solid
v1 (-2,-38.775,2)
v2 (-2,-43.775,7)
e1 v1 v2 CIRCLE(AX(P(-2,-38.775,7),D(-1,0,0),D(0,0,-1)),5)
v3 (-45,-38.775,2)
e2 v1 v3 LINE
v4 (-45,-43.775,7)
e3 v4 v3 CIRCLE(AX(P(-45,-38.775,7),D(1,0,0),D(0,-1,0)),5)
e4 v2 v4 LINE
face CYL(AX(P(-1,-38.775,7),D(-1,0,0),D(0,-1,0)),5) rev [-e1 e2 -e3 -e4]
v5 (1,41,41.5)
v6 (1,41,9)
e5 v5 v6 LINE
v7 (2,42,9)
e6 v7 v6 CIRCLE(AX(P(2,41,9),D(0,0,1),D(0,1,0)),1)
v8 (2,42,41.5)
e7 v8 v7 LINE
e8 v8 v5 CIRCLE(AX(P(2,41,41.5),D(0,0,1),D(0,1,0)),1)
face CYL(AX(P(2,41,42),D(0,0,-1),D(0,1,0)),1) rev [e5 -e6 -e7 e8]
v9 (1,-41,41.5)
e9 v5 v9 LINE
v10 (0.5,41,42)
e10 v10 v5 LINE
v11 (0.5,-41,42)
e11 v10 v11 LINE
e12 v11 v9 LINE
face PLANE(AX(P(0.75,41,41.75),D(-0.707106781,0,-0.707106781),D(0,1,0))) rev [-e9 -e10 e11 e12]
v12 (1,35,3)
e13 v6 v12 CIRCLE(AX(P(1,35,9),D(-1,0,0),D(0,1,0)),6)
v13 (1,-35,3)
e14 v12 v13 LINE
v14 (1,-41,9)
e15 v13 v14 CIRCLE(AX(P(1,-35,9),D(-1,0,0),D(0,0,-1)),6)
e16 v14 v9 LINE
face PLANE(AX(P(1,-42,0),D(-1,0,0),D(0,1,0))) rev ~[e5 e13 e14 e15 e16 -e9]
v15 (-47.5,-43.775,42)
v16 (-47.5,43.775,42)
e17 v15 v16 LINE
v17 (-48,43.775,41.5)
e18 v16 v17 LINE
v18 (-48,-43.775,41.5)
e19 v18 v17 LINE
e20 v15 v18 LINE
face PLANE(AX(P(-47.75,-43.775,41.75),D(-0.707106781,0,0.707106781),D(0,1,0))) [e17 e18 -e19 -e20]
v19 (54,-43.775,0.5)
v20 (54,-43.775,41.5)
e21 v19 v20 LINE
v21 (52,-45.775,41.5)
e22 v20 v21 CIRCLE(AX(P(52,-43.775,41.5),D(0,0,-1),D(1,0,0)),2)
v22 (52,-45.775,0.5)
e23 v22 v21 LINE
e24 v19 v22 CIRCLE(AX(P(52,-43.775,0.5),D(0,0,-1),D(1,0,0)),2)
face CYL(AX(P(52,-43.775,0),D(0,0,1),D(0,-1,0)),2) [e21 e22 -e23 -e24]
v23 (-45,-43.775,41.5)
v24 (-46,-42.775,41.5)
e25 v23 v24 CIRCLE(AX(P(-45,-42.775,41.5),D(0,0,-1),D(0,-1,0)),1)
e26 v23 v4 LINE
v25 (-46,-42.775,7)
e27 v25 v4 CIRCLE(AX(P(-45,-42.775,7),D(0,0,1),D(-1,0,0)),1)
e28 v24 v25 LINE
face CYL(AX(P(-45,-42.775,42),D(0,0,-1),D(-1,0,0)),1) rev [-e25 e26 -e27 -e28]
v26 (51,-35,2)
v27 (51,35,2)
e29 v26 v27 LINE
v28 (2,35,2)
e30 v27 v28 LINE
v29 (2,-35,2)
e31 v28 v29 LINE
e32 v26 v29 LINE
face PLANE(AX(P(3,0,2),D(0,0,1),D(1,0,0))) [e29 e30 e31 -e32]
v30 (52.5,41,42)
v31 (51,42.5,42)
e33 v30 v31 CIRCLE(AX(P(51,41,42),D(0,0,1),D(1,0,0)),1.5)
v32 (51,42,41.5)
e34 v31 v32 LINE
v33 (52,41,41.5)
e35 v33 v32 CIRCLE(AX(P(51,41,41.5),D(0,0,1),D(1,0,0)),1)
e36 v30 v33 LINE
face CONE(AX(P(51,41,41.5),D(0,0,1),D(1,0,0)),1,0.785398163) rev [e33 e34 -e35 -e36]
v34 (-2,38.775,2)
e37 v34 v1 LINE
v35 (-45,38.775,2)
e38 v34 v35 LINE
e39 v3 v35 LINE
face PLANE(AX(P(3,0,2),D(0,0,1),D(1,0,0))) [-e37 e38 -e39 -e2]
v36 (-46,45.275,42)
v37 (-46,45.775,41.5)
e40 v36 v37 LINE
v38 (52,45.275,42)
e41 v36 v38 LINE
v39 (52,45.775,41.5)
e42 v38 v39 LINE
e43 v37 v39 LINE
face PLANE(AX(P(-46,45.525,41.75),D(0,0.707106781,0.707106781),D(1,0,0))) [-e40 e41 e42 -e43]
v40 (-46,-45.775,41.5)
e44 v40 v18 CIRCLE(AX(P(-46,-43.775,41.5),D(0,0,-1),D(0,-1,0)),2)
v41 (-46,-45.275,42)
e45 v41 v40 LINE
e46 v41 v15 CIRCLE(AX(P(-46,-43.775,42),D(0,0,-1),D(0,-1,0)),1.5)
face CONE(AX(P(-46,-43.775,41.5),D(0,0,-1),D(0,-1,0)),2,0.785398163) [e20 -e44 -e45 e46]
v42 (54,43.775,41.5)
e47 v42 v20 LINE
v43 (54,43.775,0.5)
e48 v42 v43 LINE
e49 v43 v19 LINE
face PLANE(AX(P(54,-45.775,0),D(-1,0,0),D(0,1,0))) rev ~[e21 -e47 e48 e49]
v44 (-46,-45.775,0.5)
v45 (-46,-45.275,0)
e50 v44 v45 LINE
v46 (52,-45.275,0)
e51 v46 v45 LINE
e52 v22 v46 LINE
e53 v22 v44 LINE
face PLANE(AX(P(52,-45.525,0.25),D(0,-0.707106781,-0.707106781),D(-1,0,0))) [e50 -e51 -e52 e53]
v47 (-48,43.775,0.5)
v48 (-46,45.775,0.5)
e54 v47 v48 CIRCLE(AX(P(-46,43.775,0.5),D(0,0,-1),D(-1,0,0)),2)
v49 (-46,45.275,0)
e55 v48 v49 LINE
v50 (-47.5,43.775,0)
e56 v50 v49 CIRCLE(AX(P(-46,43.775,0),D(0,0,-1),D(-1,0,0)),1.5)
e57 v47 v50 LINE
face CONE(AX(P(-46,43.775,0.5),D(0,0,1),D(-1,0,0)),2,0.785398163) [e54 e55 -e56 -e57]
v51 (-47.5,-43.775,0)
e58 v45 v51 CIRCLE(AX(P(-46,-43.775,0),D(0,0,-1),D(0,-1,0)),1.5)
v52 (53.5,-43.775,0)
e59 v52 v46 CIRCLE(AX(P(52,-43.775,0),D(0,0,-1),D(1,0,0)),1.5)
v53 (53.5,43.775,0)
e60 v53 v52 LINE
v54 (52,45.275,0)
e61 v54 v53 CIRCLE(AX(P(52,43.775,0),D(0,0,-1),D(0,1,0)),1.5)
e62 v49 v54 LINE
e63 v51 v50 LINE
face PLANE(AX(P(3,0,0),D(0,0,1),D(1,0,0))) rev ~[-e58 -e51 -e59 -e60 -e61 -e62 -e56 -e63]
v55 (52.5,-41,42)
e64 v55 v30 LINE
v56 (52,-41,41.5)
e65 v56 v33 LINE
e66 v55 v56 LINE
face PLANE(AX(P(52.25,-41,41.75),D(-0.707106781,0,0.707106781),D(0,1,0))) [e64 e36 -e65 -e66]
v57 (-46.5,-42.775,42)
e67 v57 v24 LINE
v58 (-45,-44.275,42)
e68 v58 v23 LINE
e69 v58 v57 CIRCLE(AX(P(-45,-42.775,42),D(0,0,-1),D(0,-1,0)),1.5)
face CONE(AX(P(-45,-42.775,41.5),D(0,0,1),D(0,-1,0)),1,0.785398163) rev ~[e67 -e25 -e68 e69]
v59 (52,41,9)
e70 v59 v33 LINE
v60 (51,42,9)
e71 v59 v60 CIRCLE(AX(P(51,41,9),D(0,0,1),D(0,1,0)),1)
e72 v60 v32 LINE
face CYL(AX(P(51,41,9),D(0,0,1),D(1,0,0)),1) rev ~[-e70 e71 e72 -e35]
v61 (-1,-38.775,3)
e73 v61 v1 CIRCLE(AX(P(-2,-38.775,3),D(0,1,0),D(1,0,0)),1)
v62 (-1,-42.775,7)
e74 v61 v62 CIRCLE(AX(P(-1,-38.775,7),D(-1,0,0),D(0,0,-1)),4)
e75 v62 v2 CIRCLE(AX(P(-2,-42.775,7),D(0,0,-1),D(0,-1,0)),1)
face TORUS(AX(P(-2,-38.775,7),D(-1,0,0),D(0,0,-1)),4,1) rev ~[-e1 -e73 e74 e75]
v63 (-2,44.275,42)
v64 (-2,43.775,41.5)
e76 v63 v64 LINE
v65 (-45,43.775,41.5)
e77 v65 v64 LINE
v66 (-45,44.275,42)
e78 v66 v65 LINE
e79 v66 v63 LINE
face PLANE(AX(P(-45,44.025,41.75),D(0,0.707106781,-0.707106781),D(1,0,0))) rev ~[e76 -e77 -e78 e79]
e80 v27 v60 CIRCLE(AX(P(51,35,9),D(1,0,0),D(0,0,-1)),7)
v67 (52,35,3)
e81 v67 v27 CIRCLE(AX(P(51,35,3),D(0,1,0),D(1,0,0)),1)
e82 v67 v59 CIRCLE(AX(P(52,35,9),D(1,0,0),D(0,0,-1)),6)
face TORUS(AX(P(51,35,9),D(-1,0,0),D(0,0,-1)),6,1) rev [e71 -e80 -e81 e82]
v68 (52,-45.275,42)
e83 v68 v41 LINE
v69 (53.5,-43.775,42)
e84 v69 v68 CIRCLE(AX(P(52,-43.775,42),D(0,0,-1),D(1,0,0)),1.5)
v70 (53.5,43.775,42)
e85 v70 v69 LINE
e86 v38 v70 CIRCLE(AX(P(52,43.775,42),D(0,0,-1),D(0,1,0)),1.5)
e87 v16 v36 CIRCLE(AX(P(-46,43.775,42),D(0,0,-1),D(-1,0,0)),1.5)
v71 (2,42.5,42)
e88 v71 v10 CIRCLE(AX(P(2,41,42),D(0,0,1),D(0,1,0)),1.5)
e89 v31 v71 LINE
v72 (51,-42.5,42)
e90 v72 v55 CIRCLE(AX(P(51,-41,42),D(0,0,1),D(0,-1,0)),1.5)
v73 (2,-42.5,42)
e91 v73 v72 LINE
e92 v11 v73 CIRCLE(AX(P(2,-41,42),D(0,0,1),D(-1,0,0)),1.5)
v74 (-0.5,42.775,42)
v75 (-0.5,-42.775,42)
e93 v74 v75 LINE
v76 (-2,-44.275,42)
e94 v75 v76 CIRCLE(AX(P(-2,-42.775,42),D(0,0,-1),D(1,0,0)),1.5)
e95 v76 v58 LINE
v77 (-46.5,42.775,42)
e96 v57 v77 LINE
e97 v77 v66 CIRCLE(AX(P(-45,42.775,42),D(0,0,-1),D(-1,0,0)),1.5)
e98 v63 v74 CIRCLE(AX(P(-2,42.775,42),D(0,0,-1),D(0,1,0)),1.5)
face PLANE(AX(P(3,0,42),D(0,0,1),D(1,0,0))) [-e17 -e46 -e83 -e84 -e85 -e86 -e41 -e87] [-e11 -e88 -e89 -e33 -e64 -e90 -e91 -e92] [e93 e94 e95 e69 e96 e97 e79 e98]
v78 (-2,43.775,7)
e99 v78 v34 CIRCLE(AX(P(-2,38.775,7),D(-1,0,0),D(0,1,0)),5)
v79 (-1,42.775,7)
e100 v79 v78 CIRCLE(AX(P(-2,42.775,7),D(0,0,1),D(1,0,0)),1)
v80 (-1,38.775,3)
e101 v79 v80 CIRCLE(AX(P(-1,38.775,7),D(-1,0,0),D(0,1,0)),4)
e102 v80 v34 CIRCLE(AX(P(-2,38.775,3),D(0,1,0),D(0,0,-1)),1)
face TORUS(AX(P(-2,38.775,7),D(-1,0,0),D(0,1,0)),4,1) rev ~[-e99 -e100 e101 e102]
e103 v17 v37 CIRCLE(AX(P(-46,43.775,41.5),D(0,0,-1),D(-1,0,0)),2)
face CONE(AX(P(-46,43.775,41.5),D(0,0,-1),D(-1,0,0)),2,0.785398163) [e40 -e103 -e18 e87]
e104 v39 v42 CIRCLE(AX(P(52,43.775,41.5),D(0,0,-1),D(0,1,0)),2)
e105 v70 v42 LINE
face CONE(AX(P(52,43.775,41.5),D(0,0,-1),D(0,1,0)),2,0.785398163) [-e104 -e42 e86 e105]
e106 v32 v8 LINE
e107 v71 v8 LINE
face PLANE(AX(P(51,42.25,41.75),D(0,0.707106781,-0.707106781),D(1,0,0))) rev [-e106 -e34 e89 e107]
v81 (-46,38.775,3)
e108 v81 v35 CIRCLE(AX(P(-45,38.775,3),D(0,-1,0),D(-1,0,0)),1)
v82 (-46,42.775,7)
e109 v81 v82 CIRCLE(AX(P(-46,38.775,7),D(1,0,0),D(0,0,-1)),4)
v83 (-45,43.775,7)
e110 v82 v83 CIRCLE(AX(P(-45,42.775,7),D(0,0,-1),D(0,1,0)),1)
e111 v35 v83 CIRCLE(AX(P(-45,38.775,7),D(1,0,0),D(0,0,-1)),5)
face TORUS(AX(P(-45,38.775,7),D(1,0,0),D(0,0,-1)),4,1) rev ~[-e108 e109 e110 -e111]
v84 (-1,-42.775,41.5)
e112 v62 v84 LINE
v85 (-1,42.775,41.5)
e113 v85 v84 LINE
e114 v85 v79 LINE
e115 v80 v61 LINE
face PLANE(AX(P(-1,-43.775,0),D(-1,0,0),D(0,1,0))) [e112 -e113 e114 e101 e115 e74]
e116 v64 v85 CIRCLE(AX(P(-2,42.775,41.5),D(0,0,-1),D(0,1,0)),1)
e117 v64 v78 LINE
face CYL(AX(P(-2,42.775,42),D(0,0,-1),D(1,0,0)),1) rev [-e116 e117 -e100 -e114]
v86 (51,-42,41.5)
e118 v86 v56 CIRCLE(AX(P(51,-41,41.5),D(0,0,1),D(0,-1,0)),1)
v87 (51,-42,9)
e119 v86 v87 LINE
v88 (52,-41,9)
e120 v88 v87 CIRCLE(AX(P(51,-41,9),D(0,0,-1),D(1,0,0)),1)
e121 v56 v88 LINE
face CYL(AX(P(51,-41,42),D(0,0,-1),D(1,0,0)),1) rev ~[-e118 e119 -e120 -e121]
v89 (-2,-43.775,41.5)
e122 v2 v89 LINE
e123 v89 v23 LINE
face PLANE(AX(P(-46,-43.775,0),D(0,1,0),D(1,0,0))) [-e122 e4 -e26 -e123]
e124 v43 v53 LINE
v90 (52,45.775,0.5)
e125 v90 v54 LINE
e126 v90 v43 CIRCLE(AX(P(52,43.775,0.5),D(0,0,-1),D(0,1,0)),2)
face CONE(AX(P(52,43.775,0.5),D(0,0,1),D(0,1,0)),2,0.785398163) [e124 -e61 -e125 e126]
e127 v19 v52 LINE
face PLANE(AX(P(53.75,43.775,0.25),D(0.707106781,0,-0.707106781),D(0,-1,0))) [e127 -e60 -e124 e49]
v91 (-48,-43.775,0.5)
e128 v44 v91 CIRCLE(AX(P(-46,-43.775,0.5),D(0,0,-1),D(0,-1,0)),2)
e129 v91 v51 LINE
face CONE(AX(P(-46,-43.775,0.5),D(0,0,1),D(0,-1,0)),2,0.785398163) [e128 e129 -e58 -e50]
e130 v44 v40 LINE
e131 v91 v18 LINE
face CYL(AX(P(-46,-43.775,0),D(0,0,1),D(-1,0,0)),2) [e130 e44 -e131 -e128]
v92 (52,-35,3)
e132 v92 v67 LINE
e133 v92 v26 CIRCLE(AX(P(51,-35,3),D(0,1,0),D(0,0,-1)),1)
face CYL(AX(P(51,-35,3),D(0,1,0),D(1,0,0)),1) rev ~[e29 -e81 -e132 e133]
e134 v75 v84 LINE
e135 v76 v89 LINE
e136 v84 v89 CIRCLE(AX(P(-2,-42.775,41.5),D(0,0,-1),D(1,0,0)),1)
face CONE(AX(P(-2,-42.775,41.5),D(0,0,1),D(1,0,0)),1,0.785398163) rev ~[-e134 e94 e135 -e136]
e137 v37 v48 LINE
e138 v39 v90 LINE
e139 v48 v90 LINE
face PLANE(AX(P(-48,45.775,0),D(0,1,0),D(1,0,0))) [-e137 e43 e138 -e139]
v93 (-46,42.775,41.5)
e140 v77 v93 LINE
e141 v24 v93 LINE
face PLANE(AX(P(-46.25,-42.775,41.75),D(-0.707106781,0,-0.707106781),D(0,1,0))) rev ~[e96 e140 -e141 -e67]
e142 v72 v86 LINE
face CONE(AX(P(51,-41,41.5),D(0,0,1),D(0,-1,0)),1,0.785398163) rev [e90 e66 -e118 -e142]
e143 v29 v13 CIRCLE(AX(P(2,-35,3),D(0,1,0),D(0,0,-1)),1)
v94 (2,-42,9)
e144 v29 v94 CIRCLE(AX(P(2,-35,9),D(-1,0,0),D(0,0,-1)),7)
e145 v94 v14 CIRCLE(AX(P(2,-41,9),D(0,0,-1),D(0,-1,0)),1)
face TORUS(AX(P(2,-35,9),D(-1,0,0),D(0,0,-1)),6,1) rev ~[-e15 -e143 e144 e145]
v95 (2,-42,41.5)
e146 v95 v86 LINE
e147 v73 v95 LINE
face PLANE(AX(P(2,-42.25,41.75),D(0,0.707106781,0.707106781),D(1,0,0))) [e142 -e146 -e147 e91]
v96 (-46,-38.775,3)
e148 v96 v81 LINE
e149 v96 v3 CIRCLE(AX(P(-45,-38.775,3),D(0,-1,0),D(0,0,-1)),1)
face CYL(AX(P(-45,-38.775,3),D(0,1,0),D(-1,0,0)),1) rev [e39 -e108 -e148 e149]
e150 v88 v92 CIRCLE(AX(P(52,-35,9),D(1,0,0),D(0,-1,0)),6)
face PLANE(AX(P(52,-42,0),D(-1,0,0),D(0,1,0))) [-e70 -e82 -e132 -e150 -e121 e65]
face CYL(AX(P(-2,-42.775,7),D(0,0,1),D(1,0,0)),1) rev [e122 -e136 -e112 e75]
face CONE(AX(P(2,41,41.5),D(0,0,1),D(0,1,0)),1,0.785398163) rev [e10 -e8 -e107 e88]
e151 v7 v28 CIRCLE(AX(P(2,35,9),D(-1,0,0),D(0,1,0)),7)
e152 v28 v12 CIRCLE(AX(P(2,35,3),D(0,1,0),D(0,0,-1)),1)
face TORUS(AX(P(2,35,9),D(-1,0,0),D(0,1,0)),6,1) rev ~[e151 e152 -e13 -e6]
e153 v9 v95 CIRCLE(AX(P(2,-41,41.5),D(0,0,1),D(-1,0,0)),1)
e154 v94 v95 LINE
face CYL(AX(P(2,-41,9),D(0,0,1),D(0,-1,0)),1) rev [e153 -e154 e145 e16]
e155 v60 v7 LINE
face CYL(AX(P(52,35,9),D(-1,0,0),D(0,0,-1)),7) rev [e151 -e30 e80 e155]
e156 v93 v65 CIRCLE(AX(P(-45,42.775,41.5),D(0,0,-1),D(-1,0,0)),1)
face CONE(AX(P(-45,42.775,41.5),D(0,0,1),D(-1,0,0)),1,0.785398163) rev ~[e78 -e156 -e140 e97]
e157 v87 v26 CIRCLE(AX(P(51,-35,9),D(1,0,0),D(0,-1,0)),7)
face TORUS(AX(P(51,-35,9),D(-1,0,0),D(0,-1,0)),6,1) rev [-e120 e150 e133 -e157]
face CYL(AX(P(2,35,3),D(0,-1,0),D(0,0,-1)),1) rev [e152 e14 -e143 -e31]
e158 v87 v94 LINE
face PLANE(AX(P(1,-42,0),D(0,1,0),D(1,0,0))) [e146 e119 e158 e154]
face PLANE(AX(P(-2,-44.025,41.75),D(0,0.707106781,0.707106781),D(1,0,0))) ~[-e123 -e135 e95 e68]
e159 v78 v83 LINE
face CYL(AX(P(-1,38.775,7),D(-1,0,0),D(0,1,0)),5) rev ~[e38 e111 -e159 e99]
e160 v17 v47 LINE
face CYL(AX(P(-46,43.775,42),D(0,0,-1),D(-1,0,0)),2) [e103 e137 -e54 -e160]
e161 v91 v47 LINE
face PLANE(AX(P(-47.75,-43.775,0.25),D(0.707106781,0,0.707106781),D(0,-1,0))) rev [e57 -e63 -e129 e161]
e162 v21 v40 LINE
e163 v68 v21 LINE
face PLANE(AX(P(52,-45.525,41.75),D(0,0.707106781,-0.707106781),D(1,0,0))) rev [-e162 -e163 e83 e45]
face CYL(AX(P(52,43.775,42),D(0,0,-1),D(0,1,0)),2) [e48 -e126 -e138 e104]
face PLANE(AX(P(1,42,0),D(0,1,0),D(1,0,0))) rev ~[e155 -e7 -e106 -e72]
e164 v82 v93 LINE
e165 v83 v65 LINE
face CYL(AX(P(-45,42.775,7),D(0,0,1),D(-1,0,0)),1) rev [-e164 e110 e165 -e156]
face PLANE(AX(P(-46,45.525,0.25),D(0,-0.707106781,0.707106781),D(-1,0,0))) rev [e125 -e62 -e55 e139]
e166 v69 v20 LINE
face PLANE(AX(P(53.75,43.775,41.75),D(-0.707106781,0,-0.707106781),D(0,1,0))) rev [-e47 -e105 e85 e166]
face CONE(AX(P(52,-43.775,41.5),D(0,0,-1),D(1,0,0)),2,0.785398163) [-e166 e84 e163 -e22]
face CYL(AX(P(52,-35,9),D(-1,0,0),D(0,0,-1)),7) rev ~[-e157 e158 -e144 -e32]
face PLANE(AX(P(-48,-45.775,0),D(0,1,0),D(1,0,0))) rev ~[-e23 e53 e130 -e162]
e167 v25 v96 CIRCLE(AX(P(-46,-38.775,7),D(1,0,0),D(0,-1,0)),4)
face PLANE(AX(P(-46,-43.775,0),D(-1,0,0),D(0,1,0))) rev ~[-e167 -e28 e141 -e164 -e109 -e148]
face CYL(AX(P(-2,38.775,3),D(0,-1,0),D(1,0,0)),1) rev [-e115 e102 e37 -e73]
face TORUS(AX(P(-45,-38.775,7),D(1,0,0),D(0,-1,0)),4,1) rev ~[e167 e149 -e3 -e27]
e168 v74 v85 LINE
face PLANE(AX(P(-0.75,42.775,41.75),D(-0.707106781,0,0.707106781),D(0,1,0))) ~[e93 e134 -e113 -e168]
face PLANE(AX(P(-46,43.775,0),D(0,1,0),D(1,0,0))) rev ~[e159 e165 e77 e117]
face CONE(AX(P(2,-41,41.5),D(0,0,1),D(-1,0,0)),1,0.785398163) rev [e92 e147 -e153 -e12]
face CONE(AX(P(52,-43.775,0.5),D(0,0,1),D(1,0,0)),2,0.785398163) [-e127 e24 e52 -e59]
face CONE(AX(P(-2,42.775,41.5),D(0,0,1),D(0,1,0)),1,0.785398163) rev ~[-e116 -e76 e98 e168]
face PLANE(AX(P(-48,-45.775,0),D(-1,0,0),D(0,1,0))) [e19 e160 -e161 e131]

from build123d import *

# Parameters (mm, degrees)
F0_W     = 102
F0_H     = 91.55
F0_W_2   = 45
F0_H_2   = 87.55
F0_W_3   = 51
F0_H_3   = 84
F1_DEPTH = 2
F2_DEPTH = 42
F3_R     = 7
F4_R     = 5
F5_R     = 2
F6_SIZE  = 0.5
F7_R     = 1
F8_SIZE  = 0.5


with BuildPart() as f1:
    # F0 (on Top) → F1 (new body)
    with BuildSketch(Plane.XY):
        with Locations((3, 0)):
            Rectangle(F0_W, F0_H)
        with Locations((-23.5, 0)):
            Rectangle(F0_W_2, F0_H_2, mode=Mode.SUBTRACT)
        with Locations((26.5, 0)):
            Rectangle(F0_W_3, F0_H_3, mode=Mode.SUBTRACT)
        with Locations((-23.5, 0)):
            Rectangle(F0_W_2, F0_H_2)
        with Locations((26.5, 0)):
            Rectangle(F0_W_3, F0_H_3)
    extrude(amount=F1_DEPTH)

    # F0 (on Top) → F2 (join)
    with BuildSketch(Plane.XY):
        with Locations((3, 0)):
            Rectangle(F0_W, F0_H)
        with Locations((-23.5, 0)):
            Rectangle(F0_W_2, F0_H_2, mode=Mode.SUBTRACT)
        with Locations((26.5, 0)):
            Rectangle(F0_W_3, F0_H_3, mode=Mode.SUBTRACT)
    extrude(amount=F2_DEPTH)

    # F3
    f3_edges = [f1.edges().sort_by_distance(p)[0] for p in [
        (26.5, 42, 2),
        (26.5, -42, 2),
    ]]
    fillet(f3_edges, radius=F3_R)

    # F4
    f4_edges = [f1.edges().sort_by_distance(p)[0] for p in [
        (-23.5, 43.775, 2),
        (-23.5, -43.775, 2),
    ]]
    fillet(f4_edges, radius=F4_R)

    # F5
    f5_edges = [f1.edges().sort_by_distance(p)[0] for p in [
        (54, -45.775, 21),
        (54, 45.775, 21),
        (-48, 45.775, 21),
        (-48, -45.775, 21),
    ]]
    fillet(f5_edges, radius=F5_R)

    # F6
    f6_edges = [f1.edges().sort_by_distance(p)[0] for p in [
        (-48, 0, 0),
        (-47.414214, 45.189214, 0),
        (-47.414214, -45.189214, 0),
        (3, 45.775, 0),
        (3, -45.775, 0),
        (53.414214, 45.189214, 0),
        (53.414214, -45.189214, 0),
        (54, 0, 0),
    ]]
    chamfer(f6_edges, length=F6_SIZE)

    # F7
    f7_edges = [f1.edges().sort_by_distance(p)[0] for p in [
        (-46, 43.775, 24.5),
        (-1, 0, 2),
        (1, -42, 25.5),
        (52, 42, 25.5),
    ]]
    fillet(f7_edges, radius=F7_R)

    # F8
    f8_edges = [f1.edges().sort_by_distance(p)[0] for p in [
        (-46, 0, 42),
        (-45.707107, -43.482107, 42),
        (-45.707107, 43.482107, 42),
        (-23.5, -43.775, 42),
        (-23.5, 43.775, 42),
        (-1.292893, -43.482107, 42),
        (-1.292893, 43.482107, 42),
        (-1, 0, 42),
        (-48, 0, 42),
        (-47.414214, 45.189214, 42),
        (-47.414214, -45.189214, 42),
        (3, 45.775, 42),
        (3, -45.775, 42),
        (53.414214, 45.189214, 42),
        (53.414214, -45.189214, 42),
        (54, 0, 42),
        (26.5, -42, 42),
        (51.707107, -41.707107, 42),
        (1.292893, -41.707107, 42),
        (52, 0, 42),
        (1, 0, 42),
        (51.707107, 41.707107, 42),
        (1.292893, 41.707107, 42),
        (26.5, 42, 42),
    ]]
    chamfer(f8_edges, length=F8_SIZE)


solid = f1.part
